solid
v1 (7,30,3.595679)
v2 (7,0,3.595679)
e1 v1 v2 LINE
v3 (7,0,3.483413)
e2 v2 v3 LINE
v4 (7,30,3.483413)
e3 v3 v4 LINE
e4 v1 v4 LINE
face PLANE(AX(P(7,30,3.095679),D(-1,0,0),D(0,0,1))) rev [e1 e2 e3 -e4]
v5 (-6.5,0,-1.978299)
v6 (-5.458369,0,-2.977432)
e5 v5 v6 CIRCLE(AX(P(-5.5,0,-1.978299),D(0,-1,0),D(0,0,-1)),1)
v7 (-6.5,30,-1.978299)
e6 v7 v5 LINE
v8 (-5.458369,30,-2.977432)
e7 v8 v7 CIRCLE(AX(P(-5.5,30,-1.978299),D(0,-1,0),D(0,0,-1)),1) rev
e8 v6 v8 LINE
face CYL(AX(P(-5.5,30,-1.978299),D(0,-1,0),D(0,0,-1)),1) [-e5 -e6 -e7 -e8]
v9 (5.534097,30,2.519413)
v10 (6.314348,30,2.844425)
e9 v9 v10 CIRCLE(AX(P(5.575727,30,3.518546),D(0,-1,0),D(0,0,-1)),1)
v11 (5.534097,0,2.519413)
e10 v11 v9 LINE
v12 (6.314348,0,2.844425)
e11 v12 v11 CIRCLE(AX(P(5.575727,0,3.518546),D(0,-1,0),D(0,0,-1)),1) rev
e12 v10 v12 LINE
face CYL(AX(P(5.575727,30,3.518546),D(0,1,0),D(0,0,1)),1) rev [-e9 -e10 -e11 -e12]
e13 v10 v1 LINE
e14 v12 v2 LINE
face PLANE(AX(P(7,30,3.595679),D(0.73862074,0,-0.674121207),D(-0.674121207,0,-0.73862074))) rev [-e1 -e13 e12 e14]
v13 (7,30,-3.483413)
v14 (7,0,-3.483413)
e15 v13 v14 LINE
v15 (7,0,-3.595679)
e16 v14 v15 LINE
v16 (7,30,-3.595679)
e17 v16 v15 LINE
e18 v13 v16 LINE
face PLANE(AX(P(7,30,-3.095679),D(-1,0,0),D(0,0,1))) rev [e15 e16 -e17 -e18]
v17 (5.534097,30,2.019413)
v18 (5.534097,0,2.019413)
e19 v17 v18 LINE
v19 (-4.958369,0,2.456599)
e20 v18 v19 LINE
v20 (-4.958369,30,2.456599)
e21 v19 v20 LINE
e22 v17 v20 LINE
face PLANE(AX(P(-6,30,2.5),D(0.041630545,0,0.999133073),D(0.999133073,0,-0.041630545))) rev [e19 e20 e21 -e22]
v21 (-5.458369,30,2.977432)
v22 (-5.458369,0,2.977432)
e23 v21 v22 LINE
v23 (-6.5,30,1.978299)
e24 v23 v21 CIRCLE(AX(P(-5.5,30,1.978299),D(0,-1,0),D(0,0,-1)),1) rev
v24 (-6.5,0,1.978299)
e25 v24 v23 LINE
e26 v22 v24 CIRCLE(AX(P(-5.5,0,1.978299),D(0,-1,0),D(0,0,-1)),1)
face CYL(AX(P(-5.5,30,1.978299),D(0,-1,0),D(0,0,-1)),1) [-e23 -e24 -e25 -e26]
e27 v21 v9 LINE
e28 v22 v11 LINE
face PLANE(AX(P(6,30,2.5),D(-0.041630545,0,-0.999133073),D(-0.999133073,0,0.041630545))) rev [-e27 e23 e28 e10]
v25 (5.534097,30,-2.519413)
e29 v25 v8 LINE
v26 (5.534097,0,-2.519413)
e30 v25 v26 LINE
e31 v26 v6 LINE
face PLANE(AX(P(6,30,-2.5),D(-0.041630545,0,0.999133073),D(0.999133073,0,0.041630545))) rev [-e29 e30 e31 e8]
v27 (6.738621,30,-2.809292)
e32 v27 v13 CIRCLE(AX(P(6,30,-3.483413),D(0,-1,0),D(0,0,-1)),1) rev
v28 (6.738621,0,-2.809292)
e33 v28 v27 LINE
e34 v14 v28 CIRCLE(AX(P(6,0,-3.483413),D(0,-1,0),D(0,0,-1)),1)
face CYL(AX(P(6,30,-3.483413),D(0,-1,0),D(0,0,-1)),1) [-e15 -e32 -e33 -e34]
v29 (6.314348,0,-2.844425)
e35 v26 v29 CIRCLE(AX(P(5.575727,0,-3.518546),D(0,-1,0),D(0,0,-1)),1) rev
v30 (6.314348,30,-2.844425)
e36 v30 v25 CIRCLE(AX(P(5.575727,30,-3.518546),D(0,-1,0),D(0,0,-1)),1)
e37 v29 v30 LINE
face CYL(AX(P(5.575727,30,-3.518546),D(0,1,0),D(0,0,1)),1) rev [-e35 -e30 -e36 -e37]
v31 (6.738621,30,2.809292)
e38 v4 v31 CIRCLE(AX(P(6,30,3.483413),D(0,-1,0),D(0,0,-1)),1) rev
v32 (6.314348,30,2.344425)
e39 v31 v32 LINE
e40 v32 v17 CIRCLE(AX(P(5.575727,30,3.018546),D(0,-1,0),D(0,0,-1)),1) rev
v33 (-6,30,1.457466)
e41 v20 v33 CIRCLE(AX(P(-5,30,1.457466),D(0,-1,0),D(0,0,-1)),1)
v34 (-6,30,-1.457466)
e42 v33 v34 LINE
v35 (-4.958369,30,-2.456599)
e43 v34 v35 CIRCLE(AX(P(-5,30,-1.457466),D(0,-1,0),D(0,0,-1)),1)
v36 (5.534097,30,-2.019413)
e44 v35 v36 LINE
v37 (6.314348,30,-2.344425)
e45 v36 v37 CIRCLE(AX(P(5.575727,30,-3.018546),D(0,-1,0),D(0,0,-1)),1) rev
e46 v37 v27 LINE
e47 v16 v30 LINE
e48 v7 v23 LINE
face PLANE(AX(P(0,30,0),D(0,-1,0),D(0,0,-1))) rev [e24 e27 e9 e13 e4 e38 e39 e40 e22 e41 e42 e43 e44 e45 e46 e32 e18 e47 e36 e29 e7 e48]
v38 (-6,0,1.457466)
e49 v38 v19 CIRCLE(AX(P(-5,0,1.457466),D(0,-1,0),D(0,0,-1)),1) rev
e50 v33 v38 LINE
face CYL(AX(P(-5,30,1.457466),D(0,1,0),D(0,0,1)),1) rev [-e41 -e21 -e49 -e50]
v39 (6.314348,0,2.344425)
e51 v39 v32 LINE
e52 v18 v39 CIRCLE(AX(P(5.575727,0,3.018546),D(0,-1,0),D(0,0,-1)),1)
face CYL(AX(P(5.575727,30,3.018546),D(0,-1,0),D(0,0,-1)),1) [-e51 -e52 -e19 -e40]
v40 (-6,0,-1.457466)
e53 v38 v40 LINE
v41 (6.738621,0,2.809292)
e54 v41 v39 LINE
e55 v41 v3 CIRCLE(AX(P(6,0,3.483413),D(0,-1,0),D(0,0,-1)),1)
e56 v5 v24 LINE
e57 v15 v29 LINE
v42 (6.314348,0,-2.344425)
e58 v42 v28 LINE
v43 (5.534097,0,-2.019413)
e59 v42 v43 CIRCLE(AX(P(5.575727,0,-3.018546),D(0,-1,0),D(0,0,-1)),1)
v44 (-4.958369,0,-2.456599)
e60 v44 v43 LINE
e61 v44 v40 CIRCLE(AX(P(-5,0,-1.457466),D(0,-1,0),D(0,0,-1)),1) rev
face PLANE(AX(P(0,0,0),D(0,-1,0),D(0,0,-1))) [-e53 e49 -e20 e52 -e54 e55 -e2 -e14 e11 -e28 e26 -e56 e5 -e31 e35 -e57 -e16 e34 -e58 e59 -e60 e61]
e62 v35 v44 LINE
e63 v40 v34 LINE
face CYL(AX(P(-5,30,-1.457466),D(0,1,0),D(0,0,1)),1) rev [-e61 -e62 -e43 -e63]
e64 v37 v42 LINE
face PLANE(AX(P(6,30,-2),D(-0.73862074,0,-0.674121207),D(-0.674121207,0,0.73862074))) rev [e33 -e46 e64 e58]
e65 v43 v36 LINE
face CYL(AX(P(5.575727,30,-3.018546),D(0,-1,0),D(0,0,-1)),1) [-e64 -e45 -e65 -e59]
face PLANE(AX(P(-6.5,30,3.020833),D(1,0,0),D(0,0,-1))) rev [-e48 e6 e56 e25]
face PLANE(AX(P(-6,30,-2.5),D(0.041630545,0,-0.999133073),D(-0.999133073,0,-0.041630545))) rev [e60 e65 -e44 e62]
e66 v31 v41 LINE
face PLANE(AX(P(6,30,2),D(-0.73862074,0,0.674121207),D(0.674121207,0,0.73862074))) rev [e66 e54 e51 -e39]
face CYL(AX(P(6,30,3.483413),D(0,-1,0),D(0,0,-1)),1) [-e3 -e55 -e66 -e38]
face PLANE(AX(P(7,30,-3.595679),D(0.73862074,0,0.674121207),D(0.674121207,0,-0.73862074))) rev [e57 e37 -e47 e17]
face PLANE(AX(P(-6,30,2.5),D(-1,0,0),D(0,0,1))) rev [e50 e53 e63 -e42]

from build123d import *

# Parameters (mm, degrees)
BOSS_EXTRUDE1_DEPTH = 30
FILLET1_R           = 1


with BuildPart() as part:
    # Sketch1 → Boss-Extrude1 (new body)
    with BuildSketch(Plane(origin=(0, 0, 0), x_dir=(1, 0, 0), z_dir=(0, 1, 0))):
        Polygon((-6, -2.5), (-6, 2.5), (6, 2), (7, 3.09567943), (7, 3.59567943), (6, 2.5), (-6.5, 3.020833333), (-6.5, -3.020833333), (6, -2.5), (7, -3.59567943), (7, -3.09567943), (6, -2), align=None)
    extrude(amount=BOSS_EXTRUDE1_DEPTH)

    # Fillet1
    fillet1_edges = [part.edges().sort_by_distance(p)[0] for p in [
        (-6.5, 15, 3.020833333),
        (-6.5, 15, -3.020833333),
        (6, 15, -2.5),
        (7, 15, -3.09567943),
        (6, 15, -2),
        (-6, 15, -2.5),
        (-6, 15, 2.5),
        (6, 15, 2),
        (7, 15, 3.09567943),
        (6, 15, 2.5),
    ]]
    fillet(fillet1_edges, radius=FILLET1_R)


solid = part.part
